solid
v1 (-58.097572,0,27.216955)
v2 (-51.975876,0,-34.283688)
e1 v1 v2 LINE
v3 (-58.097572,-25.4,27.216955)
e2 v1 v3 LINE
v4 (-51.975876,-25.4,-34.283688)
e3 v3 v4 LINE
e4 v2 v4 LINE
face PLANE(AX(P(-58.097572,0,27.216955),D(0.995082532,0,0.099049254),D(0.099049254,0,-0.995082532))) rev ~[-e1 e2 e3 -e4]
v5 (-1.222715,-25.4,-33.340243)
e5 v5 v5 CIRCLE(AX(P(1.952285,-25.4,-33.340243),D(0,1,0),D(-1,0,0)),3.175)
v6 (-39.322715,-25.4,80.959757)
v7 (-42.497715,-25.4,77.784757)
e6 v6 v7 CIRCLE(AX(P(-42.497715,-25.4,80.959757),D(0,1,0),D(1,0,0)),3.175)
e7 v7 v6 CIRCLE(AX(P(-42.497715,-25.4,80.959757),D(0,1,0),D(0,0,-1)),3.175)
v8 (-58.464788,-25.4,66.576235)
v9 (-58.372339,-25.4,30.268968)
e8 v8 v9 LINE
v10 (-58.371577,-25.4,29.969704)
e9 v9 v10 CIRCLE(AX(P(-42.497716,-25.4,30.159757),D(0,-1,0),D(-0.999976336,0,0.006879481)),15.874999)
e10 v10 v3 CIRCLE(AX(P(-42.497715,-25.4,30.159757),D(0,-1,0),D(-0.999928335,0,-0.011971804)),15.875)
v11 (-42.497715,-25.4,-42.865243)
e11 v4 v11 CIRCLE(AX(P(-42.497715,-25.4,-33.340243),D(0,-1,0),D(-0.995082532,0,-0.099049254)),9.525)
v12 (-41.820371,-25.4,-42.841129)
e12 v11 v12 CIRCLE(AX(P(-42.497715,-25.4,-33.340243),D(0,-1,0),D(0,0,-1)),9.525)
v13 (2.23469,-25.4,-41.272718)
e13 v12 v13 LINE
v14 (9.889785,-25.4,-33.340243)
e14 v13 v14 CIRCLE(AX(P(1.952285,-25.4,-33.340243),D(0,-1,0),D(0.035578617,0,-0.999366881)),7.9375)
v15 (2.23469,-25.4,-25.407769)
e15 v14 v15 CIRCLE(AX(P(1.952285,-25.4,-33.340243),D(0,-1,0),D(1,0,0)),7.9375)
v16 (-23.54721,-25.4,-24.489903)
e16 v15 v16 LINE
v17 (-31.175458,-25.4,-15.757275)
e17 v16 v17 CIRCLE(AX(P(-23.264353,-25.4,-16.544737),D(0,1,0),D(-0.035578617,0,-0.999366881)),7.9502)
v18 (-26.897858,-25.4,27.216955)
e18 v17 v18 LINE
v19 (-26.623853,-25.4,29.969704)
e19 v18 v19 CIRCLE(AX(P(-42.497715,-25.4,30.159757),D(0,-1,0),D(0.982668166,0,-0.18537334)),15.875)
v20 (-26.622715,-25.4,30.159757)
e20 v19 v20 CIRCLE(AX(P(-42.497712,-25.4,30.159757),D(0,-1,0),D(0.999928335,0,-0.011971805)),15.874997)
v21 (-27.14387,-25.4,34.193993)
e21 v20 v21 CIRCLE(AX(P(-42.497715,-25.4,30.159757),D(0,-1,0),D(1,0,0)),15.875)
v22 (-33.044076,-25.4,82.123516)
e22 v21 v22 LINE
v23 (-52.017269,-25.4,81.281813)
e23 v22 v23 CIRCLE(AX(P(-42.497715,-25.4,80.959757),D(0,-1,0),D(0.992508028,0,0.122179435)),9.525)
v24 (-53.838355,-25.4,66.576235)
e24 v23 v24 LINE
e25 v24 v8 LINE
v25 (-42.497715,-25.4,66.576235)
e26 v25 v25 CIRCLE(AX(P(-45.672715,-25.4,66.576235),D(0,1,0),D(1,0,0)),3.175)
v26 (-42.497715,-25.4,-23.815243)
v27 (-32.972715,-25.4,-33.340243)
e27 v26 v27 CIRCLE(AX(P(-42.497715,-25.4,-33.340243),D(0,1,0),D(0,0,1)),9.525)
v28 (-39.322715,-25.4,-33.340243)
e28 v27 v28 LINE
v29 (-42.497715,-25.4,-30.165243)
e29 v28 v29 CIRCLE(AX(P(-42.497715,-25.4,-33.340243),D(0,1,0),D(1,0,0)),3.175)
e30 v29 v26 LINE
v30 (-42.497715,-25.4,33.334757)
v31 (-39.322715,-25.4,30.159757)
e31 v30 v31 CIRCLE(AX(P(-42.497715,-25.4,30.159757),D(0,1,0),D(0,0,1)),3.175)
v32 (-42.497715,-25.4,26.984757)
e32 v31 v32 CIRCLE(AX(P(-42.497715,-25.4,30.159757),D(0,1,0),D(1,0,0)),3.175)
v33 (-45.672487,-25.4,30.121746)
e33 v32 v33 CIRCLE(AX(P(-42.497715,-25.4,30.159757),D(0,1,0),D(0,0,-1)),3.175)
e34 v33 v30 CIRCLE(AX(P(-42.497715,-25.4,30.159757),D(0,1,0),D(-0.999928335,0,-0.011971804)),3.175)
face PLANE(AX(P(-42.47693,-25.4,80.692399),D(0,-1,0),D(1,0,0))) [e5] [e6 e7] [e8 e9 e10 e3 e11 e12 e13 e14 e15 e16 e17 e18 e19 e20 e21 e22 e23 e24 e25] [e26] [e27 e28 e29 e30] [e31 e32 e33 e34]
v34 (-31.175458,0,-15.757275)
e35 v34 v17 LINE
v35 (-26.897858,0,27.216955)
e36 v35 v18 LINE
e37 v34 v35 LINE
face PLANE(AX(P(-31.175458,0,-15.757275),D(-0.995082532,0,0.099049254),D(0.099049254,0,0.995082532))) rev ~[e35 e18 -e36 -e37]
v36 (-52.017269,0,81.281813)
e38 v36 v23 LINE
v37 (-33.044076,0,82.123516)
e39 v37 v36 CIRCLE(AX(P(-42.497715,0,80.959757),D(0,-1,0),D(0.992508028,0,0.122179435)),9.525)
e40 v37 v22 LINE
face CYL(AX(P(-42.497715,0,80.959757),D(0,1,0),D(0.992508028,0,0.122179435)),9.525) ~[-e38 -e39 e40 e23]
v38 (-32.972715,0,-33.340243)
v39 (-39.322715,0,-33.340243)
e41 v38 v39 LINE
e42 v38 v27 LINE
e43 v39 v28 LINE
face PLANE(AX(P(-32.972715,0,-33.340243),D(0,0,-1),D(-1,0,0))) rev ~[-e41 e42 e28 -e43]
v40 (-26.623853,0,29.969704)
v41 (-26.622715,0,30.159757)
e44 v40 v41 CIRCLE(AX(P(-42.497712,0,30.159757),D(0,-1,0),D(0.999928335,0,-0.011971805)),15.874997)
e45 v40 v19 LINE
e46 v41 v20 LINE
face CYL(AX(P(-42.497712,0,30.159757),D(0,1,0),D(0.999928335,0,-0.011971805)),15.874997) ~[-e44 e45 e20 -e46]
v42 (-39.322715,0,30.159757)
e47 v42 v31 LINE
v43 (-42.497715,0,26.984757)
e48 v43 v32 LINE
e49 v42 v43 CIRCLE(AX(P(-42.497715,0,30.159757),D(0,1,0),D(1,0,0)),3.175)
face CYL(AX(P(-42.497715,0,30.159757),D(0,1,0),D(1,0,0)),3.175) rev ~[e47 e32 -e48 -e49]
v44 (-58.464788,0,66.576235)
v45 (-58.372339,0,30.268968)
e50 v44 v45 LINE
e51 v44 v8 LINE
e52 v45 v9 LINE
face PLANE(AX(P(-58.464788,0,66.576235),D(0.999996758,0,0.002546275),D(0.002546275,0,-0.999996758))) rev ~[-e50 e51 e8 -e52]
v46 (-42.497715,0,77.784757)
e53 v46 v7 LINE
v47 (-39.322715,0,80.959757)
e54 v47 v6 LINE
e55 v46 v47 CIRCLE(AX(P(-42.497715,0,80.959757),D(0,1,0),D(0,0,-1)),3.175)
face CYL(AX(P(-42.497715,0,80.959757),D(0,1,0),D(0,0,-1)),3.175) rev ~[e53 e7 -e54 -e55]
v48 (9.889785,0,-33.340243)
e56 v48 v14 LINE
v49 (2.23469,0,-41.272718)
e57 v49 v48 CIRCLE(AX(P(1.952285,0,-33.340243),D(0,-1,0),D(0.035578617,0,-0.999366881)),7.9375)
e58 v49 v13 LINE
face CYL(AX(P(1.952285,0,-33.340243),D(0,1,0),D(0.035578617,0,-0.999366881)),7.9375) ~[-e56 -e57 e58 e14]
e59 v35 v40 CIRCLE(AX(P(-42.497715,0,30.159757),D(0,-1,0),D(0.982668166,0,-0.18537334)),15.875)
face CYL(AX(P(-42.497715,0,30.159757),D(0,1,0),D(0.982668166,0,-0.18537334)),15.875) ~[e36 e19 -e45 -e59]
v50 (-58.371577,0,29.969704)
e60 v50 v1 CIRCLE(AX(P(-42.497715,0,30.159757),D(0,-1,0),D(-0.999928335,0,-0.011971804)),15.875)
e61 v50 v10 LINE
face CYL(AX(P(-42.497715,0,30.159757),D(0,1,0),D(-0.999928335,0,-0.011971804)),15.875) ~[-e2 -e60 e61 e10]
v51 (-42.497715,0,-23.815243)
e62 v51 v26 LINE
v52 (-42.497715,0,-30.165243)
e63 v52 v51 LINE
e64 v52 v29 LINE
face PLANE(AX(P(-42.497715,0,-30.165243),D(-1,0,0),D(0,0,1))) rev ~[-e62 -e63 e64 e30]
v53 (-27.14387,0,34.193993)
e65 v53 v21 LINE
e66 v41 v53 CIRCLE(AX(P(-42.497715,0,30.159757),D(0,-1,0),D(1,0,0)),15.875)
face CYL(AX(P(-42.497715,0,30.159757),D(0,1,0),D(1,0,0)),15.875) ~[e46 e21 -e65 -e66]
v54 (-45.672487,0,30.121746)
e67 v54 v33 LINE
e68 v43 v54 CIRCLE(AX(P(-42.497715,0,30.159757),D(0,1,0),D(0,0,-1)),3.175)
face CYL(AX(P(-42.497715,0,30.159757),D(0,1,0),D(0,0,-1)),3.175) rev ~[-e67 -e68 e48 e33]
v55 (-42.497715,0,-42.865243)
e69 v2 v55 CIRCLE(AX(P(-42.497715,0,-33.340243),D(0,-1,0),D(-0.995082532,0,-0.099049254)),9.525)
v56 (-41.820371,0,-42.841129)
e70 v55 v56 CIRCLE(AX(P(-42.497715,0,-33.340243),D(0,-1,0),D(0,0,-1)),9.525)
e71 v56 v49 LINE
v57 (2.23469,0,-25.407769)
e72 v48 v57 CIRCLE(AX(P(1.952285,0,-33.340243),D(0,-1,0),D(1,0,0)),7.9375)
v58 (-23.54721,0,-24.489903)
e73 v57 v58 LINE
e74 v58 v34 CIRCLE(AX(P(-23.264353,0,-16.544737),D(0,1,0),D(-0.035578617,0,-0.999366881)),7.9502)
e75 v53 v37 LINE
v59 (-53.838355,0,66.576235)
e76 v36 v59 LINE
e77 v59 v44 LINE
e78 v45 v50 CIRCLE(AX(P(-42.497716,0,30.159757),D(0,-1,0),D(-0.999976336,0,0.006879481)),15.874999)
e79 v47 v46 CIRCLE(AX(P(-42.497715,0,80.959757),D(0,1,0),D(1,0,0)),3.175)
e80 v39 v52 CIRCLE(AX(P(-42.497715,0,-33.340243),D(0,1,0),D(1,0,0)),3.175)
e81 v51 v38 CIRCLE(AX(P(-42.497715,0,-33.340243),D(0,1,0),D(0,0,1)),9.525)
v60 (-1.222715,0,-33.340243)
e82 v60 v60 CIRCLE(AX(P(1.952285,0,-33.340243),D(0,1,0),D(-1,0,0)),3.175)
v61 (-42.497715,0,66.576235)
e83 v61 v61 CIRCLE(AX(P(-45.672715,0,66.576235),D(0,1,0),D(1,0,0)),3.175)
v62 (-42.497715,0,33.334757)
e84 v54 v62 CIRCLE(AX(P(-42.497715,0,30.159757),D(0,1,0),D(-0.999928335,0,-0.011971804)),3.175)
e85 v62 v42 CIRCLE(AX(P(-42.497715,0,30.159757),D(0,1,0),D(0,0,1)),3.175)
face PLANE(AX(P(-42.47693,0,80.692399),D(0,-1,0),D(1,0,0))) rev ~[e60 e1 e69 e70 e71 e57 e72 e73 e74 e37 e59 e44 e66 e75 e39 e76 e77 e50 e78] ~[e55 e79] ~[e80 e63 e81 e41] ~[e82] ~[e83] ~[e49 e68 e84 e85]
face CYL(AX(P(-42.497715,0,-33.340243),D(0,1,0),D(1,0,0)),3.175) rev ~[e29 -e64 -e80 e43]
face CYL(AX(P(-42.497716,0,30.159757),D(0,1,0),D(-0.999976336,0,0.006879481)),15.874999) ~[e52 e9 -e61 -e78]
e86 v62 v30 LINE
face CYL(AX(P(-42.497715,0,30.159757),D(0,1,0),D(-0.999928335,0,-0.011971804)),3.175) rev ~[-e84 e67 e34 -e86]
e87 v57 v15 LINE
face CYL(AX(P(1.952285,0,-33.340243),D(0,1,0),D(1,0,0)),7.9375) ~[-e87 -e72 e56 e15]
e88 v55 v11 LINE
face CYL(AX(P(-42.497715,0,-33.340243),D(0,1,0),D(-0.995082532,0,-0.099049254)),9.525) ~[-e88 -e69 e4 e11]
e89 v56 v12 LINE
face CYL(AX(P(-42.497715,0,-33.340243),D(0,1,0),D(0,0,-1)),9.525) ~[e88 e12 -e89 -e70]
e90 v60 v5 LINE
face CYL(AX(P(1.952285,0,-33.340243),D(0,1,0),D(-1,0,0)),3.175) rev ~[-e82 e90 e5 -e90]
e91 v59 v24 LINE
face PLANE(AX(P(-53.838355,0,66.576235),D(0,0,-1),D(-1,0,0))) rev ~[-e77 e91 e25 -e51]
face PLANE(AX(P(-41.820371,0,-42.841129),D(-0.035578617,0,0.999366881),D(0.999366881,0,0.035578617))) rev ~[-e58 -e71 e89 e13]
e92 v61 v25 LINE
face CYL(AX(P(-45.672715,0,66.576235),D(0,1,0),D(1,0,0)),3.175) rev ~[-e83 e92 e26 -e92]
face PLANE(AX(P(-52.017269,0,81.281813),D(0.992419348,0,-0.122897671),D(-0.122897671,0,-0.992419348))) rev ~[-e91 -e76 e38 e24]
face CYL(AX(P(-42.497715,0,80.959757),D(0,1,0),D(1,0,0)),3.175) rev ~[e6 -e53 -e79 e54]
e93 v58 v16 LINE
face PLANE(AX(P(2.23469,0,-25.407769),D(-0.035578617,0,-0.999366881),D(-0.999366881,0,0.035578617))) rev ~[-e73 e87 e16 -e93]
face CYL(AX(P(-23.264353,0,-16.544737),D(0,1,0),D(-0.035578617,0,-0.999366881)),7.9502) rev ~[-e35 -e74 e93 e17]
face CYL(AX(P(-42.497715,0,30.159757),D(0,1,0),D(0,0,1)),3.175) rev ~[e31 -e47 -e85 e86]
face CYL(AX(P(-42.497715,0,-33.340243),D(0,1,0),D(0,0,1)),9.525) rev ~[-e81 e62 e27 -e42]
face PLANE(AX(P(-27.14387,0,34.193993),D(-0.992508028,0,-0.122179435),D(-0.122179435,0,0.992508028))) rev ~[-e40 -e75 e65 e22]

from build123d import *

# Parameters (mm, degrees)
F1_DEPTH = 25.4


with BuildPart() as f1:
    # F0 (on Front) → F1 (new body)
    with BuildSketch(Plane.XZ):
        with BuildLine():
            ThreePointArc((-52.0172687801, 81.2818133401), (-49.3458247703, 74.3394078839), (-42.4977149845, 71.434756618))
            ThreePointArc((-42.4977149845, 71.434756618), (-35.7625228936, 74.2245645272), (-32.9727149845, 80.959756618))
            ThreePointArc((-32.9727149845, 80.959756618), (-32.9905719815, 81.5427291051), (-33.0440760177, 82.1235157365))
            ThreePointArc((-33.0440760177, 82.1235157365), (-42.9198546796, 90.4753975884), (-52.0172687801, 81.2818133401))
        make_face()
        with BuildLine():
            ThreePointArc((-39.3227149845, 80.959756618), (-40.2526509542, 78.7146925877), (-42.4977149845, 77.784756618))
            ThreePointArc((-42.4977149845, 77.784756618), (-44.7427790147, 83.2048206483), (-39.3227149845, 80.959756618))
        make_face(mode=Mode.SUBTRACT)
        with BuildLine():
            ThreePointArc((-32.9727149845, 80.959756618), (-35.7625228936, 74.2245645272), (-42.4977149845, 71.434756618))
            Line((-42.4977149845, 71.434756618), (-42.4977149845, 66.5762349963))
            Line((-42.4977149845, 66.5762349963), (-42.4977149845, 46.034756618))
            ThreePointArc((-42.4977149845, 46.034756618), (-32.8030742088, 42.7307376947), (-27.1438698523, 34.1939931824))
            Line((-27.1438698523, 34.1939931824), (-33.0440760177, 82.1235157365))
            ThreePointArc((-33.0440760177, 82.1235157365), (-32.9905719815, 81.5427291051), (-32.9727149845, 80.959756618))
        make_face()
        with BuildLine():
            Line((-42.4977149845, 66.5762349963), (-42.4977149845, 71.434756618))
            ThreePointArc((-42.4977149845, 71.434756618), (-49.3458247703, 74.3394078839), (-52.0172687801, 81.2818133401))
            Line((-52.0172687801, 81.2818133401), (-53.8383551377, 66.5762349963))
            Line((-53.8383551377, 66.5762349963), (-48.8477149845, 66.5762349963))
            ThreePointArc((-48.8477149845, 66.5762349963), (-45.6727149845, 69.7512349963), (-42.4977149845, 66.5762349963))
        make_face()
        with BuildLine():
            Line((-42.4977149845, 46.034756618), (-42.4977149845, 66.5762349963))
            ThreePointArc((-42.4977149845, 66.5762349963), (-45.6727149845, 63.4012349963), (-48.8477149845, 66.5762349963))
            Line((-48.8477149845, 66.5762349963), (-53.8383551377, 66.5762349963))
            Line((-53.8383551377, 66.5762349963), (-57.8457049599, 34.2162118086))
            ThreePointArc((-57.8457049599, 34.2162118086), (-52.1832557244, 42.7377503203), (-42.4977149845, 46.034756618))
        make_face()
        with BuildLine():
            ThreePointArc((-27.1438698523, 34.1939931824), (-32.8030742088, 42.7307376947), (-42.4977149845, 46.034756618))
            Line((-42.4977149845, 46.034756618), (-42.4977149845, 33.334756618))
            ThreePointArc((-42.4977149845, 33.334756618), (-40.2526509542, 32.4048206483), (-39.3227149845, 30.159756618))
            ThreePointArc((-39.3227149845, 30.159756618), (-40.2526509542, 27.9146925877), (-42.4977149845, 26.984756618))
            Line((-42.4977149845, 26.984756618), (-42.4977149845, 14.284756618))
            ThreePointArc((-42.4977149845, 14.284756618), (-32.3661147425, 17.938205917), (-26.8978578456, 27.2169548495))
            Line((-26.8978578456, 27.2169548495), (-26.6238526602, 29.9697042274))
            Line((-26.6238526602, 29.9697042274), (-27.1438698523, 34.1939931824))
        make_face()
        with BuildLine():
            Line((-42.4977149845, 33.334756618), (-42.4977149845, 46.034756618))
            ThreePointArc((-42.4977149845, 46.034756618), (-52.1832557244, 42.7377503203), (-57.8457049599, 34.2162118086))
            Line((-57.8457049599, 34.2162118086), (-58.3715773087, 29.9697042274))
            Line((-58.3715773087, 29.9697042274), (-45.6724874493, 30.1217461399))
            ThreePointArc((-45.6724874493, 30.1217461399), (-44.7561777656, 32.3913414508), (-42.4977149845, 33.334756618))
        make_face()
        with BuildLine():
            Line((-57.8457049599, 34.2162118086), (-53.8383551377, 66.5762349963))
            Line((-53.8383551377, 66.5762349963), (-58.4647879004, 66.5762349963))
            Line((-58.4647879004, 66.5762349963), (-58.3723393199, 30.2689683726))
            ThreePointArc((-58.3723393199, 30.2689683726), (-58.2332827781, 32.259168729), (-57.8457049599, 34.2162118086))
        make_face()
        with BuildLine():
            ThreePointArc((-26.6227149845, 30.159756618), (-26.7535427853, 32.1936363498), (-27.1438698523, 34.1939931824))
            Line((-27.1438698523, 34.1939931824), (-26.6238526602, 29.9697042274))
            ThreePointArc((-26.6238526602, 29.9697042274), (-26.6229994059, 30.0647287202), (-26.6227149845, 30.159756618))
        make_face()
        with BuildLine():
            Line((-58.3715773087, 29.9697042274), (-57.8457049599, 34.2162118086))
            ThreePointArc((-57.8457049599, 34.2162118086), (-58.2332827781, 32.259168729), (-58.3723393199, 30.2689683726))
            Line((-58.3723393199, 30.2689683726), (-58.3715773087, 29.9697042274))
        make_face()
        with BuildLine():
            ThreePointArc((-42.4977149845, 26.984756618), (-44.7292998173, 27.9012938368), (-45.6724874493, 30.1217461399))
            Line((-45.6724874493, 30.1217461399), (-58.3715773087, 29.9697042274))
            Line((-58.3715773087, 29.9697042274), (-58.0975721233, 27.2169548495))
            ThreePointArc((-58.0975721233, 27.2169548495), (-52.6293152264, 17.938205917), (-42.4977149845, 14.284756618))
            Line((-42.4977149845, 14.284756618), (-42.4977149845, 26.984756618))
        make_face()
        with BuildLine():
            ThreePointArc((-26.8978578456, 27.2169548495), (-26.7007797914, 28.5873497031), (-26.6238526602, 29.9697042274))
            Line((-26.6238526602, 29.9697042274), (-26.8978578456, 27.2169548495))
        make_face()
        with BuildLine():
            Line((-58.3715773087, 29.9697042274), (-58.3723393199, 30.2689683726))
            ThreePointArc((-58.3723393199, 30.2689683726), (-58.3726635215, 30.1193345043), (-58.3715773087, 29.9697042274))
        make_face()
        with BuildLine():
            Line((-58.0975721233, 27.2169548495), (-58.3715773087, 29.9697042274))
            ThreePointArc((-58.3715773087, 29.9697042274), (-58.2946501775, 28.5873497031), (-58.0975721233, 27.2169548495))
        make_face()
        with BuildLine():
            Line((-31.1754582696, -15.7572753204), (-26.8978578456, 27.2169548495))
            ThreePointArc((-26.8978578456, 27.2169548495), (-32.3661147425, 17.938205917), (-42.4977149845, 14.284756618))
            Line((-42.4977149845, 14.284756618), (-42.4977149845, -23.815243382))
            ThreePointArc((-42.4977149845, -23.815243382), (-35.7625228936, -26.6050512912), (-32.9727149845, -33.340243382))
            Line((-32.9727149845, -33.340243382), (-5.9852149845, -33.340243382))
            ThreePointArc((-5.9852149845, -33.340243382), (-3.5596254692, -27.6286105981), (2.2346902901, -25.4077687674))
            Line((2.2346902901, -25.4077687674), (-23.5472102479, -24.4899032773))
            ThreePointArc((-23.5472102479, -24.4899032773), (-29.2518360827, -21.7750070473), (-31.1754582696, -15.7572753204))
        make_face()
        with BuildLine():
            ThreePointArc((-42.4977149845, 14.284756618), (-52.6293152264, 17.938205917), (-58.0975721233, 27.2169548495))
            Line((-58.0975721233, 27.2169548495), (-51.9758761003, -34.2836875309))
            ThreePointArc((-51.9758761003, -34.2836875309), (-49.5585906567, -26.9473051107), (-42.4977149845, -23.815243382))
            Line((-42.4977149845, -23.815243382), (-42.4977149845, 14.284756618))
        make_face()
        with BuildLine():
            ThreePointArc((-42.4977149845, -23.815243382), (-49.5585906567, -26.9473051107), (-51.9758761003, -34.2836875309))
            ThreePointArc((-51.9758761003, -34.2836875309), (-48.8906532558, -40.4011190543), (-42.4977149845, -42.865243382))
            Line((-42.4977149845, -42.865243382), (-41.8203714366, -42.841129168))
            ThreePointArc((-41.8203714366, -42.841129168), (-35.527158253, -39.8315424703), (-32.9727149845, -33.340243382))
            Line((-32.9727149845, -33.340243382), (-39.3227149845, -33.340243382))
            ThreePointArc((-39.3227149845, -33.340243382), (-44.7427790147, -35.5853074123), (-42.4977149845, -30.165243382))
            Line((-42.4977149845, -30.165243382), (-42.4977149845, -23.815243382))
        make_face()
        with BuildLine():
            Line((-41.8203714366, -42.841129168), (-42.4977149845, -42.865243382))
            ThreePointArc((-42.4977149845, -42.865243382), (-42.158828655, -42.8592129195), (-41.8203714366, -42.841129168))
        make_face()
        with BuildLine():
            Line((-5.9852149845, -33.340243382), (-32.9727149845, -33.340243382))
            ThreePointArc((-32.9727149845, -33.340243382), (-35.527158253, -39.8315424703), (-41.8203714366, -42.841129168))
            Line((-41.8203714366, -42.841129168), (2.2346902901, -41.2727179966))
            ThreePointArc((2.2346902901, -41.2727179966), (-3.5596254692, -39.0518761659), (-5.9852149845, -33.340243382))
        make_face()
        with BuildLine():
            ThreePointArc((9.8897850155, -33.340243382), (7.6639177995, -27.8283328973), (2.2346902901, -25.4077687674))
            ThreePointArc((2.2346902901, -25.4077687674), (-3.5596254692, -27.6286105981), (-5.9852149845, -33.340243382))
            ThreePointArc((-5.9852149845, -33.340243382), (-3.5596254692, -39.0518761659), (2.2346902901, -41.2727179966))
            ThreePointArc((2.2346902901, -41.2727179966), (7.6639177995, -38.8521538667), (9.8897850155, -33.340243382))
        make_face()
        with BuildLine():
            ThreePointArc((5.1272850155, -33.340243382), (1.9522850155, -36.515243382), (-1.2227149845, -33.340243382))
            ThreePointArc((-1.2227149845, -33.340243382), (1.9522850155, -30.165243382), (5.1272850155, -33.340243382))
        make_face(mode=Mode.SUBTRACT)
    extrude(amount=F1_DEPTH)


solid = f1.part
